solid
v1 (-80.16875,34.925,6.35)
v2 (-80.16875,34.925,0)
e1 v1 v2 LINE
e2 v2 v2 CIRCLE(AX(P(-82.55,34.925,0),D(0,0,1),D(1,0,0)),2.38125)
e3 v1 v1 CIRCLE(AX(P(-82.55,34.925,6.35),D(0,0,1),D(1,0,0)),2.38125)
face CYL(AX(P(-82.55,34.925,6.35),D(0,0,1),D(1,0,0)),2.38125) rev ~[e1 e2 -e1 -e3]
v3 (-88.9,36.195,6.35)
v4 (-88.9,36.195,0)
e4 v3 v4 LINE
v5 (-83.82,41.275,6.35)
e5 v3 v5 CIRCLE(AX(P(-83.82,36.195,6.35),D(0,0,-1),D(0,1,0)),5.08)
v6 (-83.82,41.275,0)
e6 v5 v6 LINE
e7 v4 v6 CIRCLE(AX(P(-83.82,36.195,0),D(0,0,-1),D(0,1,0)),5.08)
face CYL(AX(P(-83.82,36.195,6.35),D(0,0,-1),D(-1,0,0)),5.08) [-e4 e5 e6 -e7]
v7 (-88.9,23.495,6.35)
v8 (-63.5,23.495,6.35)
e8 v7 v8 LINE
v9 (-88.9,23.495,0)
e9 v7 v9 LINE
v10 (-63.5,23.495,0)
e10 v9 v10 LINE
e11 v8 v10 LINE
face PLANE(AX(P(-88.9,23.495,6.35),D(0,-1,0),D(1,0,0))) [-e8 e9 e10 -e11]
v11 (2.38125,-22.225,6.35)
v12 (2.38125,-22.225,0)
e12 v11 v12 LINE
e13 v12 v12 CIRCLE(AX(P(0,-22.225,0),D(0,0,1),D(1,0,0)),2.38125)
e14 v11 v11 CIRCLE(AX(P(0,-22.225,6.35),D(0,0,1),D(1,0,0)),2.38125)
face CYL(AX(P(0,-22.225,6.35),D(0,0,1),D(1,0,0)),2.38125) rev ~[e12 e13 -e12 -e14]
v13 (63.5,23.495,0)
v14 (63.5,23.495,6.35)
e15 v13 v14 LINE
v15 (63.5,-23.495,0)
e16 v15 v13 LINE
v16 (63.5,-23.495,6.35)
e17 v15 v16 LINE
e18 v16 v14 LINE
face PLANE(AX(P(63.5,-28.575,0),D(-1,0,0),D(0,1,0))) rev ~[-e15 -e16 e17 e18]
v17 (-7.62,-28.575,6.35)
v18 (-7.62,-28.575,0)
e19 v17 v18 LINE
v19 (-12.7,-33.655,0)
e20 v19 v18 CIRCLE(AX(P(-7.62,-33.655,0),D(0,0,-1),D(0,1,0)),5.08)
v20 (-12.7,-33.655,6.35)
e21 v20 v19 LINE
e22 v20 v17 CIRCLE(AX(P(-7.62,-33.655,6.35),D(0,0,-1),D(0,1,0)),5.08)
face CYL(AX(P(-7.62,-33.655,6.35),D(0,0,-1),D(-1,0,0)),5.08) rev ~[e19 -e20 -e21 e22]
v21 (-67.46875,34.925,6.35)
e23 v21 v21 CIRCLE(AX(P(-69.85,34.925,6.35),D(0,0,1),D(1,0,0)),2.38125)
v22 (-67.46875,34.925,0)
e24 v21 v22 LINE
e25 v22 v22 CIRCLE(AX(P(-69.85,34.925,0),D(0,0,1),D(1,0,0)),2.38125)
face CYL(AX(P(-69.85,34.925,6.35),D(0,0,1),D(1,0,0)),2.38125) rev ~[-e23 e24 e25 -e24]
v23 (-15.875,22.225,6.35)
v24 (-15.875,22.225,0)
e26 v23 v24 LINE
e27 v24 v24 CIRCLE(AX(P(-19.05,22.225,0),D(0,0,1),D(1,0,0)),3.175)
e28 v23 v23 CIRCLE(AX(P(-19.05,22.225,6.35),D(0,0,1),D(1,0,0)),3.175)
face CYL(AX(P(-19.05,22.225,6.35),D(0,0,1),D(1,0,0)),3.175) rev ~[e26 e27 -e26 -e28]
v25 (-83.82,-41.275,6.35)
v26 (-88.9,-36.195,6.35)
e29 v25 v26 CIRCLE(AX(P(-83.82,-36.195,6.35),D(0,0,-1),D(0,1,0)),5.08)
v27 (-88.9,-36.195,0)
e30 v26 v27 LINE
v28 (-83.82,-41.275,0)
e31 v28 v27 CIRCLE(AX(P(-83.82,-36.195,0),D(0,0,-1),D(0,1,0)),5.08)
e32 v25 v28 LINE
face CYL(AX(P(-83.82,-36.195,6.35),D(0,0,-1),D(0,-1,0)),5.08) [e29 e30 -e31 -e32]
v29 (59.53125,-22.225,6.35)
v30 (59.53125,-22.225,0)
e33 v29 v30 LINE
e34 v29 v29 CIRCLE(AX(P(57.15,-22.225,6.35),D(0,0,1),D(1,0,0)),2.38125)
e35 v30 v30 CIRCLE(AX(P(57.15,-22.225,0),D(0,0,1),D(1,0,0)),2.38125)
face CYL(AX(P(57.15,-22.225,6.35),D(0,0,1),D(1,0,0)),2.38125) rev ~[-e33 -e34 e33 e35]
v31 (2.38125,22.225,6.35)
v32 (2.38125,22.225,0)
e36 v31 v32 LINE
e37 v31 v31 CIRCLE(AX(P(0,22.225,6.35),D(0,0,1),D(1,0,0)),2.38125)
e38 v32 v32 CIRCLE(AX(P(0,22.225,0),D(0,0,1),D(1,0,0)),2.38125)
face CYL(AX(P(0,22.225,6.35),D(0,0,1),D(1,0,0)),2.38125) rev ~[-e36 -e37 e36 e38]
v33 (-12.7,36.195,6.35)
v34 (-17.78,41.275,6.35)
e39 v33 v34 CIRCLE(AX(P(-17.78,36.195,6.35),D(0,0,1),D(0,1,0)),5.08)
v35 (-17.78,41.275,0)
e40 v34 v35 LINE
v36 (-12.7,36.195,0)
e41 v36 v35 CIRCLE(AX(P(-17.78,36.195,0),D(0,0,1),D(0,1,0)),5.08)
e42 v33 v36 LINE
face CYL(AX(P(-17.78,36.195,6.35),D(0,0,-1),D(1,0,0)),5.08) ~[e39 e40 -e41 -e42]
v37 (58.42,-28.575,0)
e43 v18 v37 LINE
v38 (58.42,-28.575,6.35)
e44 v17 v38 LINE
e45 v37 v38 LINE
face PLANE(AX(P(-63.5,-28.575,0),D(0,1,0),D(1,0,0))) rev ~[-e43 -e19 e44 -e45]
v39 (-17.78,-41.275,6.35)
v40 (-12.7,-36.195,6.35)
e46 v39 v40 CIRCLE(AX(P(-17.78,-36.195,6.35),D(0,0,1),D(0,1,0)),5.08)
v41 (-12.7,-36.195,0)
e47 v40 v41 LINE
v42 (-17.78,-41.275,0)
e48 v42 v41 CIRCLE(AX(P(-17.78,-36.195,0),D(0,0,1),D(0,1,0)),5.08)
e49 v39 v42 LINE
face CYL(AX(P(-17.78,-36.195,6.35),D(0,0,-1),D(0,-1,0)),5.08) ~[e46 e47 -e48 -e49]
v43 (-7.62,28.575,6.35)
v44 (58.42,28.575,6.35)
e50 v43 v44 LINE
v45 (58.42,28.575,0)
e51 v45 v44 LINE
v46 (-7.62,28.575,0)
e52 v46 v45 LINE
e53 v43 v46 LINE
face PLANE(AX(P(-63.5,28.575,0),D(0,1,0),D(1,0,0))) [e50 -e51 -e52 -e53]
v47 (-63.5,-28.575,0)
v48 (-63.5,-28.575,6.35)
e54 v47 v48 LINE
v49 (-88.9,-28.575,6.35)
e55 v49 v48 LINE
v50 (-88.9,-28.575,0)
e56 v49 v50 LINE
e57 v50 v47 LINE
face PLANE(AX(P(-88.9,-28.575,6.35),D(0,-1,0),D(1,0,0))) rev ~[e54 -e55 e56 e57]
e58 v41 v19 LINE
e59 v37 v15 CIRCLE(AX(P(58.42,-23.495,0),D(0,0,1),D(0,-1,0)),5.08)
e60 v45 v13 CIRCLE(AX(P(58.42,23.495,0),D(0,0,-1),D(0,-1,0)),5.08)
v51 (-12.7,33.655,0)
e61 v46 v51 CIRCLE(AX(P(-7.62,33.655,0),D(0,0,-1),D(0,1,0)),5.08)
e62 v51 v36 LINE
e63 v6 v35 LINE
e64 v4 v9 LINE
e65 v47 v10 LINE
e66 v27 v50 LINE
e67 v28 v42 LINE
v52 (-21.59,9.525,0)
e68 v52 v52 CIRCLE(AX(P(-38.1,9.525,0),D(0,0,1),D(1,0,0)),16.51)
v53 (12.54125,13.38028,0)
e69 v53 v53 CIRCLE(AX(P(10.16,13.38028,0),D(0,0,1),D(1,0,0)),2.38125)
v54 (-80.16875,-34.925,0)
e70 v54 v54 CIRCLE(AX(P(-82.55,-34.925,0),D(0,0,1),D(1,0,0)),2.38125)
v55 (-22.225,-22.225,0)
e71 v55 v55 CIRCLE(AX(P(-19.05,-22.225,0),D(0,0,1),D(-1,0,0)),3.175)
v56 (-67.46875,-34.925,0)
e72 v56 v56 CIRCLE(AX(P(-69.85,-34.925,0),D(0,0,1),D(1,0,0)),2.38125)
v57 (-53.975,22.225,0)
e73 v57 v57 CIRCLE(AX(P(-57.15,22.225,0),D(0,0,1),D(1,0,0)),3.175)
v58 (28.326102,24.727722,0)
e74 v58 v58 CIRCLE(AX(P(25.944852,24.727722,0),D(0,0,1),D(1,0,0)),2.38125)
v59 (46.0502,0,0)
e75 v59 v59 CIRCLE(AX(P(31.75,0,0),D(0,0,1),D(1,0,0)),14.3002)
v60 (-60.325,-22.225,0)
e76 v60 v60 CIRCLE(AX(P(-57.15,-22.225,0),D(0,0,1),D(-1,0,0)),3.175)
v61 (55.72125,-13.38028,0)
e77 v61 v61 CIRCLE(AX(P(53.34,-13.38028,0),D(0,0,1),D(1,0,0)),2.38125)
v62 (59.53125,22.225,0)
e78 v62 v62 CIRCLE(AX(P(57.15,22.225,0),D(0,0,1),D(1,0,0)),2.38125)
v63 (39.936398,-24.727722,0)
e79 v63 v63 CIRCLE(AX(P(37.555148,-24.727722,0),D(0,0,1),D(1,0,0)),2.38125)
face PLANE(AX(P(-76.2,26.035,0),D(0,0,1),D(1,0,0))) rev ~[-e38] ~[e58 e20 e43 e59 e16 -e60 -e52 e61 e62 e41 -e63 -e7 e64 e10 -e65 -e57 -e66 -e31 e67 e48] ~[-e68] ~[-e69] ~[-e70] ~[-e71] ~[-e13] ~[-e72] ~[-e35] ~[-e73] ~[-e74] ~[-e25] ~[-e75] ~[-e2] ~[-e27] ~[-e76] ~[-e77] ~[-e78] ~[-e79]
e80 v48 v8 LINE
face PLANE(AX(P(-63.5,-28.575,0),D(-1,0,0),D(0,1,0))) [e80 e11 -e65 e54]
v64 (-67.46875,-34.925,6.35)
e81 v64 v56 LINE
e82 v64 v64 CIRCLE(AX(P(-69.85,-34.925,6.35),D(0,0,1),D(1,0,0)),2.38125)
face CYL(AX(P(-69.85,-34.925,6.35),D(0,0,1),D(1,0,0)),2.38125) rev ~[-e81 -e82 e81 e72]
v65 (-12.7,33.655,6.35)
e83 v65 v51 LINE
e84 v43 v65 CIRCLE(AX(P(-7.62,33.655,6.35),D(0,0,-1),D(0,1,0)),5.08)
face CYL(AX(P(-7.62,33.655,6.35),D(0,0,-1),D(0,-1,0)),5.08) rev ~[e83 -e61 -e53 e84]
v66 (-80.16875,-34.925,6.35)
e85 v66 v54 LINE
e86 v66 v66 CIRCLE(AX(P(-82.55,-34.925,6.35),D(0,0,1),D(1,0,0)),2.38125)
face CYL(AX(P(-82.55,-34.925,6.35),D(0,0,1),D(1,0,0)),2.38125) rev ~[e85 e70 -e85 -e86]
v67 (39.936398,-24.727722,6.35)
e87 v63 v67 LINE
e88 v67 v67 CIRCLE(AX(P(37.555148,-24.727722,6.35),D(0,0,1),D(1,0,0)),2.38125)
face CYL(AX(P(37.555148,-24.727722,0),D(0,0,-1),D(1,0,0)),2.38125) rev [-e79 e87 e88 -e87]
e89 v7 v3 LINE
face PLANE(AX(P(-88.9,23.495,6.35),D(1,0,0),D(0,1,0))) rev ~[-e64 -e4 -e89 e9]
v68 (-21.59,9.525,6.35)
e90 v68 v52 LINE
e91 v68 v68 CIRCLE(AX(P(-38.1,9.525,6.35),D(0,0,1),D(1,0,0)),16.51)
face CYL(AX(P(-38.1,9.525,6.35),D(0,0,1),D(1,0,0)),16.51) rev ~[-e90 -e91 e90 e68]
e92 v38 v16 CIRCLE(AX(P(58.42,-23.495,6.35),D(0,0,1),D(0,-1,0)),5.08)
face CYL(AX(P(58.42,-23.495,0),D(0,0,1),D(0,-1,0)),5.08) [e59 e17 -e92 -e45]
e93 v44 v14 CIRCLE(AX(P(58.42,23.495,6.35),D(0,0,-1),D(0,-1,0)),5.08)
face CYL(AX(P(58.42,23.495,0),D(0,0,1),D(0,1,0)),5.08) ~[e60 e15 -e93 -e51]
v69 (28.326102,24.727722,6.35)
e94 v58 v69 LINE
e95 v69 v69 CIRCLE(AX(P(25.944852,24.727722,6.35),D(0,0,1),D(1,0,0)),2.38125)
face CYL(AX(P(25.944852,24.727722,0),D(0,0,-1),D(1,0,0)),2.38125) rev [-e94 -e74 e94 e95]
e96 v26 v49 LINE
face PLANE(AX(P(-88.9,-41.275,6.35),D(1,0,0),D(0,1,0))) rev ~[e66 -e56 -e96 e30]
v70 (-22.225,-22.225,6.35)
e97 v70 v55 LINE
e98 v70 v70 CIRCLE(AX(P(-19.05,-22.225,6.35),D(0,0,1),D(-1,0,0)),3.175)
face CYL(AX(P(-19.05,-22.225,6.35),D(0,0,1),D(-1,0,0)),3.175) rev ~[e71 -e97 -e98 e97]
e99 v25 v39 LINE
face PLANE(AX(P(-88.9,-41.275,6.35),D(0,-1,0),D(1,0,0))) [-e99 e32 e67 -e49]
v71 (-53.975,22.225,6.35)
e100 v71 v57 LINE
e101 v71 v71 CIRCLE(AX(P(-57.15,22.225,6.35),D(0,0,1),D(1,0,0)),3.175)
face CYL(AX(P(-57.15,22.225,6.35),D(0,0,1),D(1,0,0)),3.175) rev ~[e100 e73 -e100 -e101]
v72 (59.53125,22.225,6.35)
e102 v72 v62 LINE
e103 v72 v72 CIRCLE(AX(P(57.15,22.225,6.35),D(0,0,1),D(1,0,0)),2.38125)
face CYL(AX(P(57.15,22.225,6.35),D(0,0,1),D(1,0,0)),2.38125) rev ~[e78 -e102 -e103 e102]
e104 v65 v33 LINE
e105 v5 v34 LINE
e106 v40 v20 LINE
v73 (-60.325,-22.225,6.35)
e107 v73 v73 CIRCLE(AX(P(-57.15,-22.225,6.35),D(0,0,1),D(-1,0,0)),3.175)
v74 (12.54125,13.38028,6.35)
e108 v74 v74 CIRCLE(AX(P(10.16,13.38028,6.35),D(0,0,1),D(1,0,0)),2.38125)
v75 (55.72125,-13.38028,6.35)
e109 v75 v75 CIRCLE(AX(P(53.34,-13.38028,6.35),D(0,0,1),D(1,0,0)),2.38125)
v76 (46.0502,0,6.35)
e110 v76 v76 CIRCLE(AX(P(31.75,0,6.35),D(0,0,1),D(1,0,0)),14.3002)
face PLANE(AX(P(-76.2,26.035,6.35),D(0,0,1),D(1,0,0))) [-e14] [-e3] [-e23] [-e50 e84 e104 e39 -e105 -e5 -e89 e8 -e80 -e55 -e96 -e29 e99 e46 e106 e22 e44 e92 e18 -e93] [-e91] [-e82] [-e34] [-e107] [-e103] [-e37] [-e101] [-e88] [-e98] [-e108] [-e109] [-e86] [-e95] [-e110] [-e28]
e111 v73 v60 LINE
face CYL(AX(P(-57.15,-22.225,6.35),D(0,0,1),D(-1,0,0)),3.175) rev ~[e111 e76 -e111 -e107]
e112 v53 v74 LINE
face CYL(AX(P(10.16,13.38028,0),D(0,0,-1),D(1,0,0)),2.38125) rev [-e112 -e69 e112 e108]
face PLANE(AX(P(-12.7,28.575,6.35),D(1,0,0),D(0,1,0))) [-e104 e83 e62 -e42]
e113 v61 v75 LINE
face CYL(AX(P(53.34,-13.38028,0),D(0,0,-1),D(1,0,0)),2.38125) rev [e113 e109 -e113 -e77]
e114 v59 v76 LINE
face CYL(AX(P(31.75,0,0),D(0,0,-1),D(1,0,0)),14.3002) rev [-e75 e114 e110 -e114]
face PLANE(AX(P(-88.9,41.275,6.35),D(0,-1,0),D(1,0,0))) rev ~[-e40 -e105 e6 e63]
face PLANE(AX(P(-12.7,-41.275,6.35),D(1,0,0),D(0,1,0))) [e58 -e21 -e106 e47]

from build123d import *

# Parameters (mm, degrees)
SKETCH1_W           = 127
SKETCH1_H           = 57.15
SKETCH1_R           = 14.3002
SKETCH1_R_2         = 2.38125
BOSS_EXTRUDE1_DEPTH = 6.35
SKETCH2_R           = 2.38125
CUT_EXTRUDE1_DEPTH  = 70.922121857
FILLET1_R           = 5.08
SKETCH3_R           = 3.175
CUT_EXTRUDE2_DEPTH  = 70.922121857
SKETCH4_R           = 16.51
CUT_EXTRUDE3_DEPTH  = 7.62
SKETCH5_W           = 76.2
SKETCH5_H           = 12.7
BOSS_EXTRUDE2_DEPTH = 6.35
FILLET2_R           = 5.08
SKETCH6_W           = 25.4
SKETCH6_H           = 5.08
BOSS_EXTRUDE3_DEPTH = 6.35
FILLET3_R           = 5.08
SKETCH7_R           = 2.38125
CUT_EXTRUDE4_DEPTH  = 6.35


with BuildPart() as part:
    # Sketch1 → Boss-Extrude1 (new body)
    with BuildSketch(Plane.XY):
        Rectangle(SKETCH1_W, SKETCH1_H)
        with Locations((31.75, 0)):
            Circle(SKETCH1_R, mode=Mode.SUBTRACT)
        with Locations((37.555148495, -24.727722316)):
            Circle(SKETCH1_R_2, mode=Mode.SUBTRACT)
        with Locations((10.16, 13.380280266)):
            Circle(SKETCH1_R_2, mode=Mode.SUBTRACT)
        with Locations((25.944851505, 24.727722316)):
            Circle(SKETCH1_R_2, mode=Mode.SUBTRACT)
        with Locations((53.34, -13.380280266)):
            Circle(SKETCH1_R_2, mode=Mode.SUBTRACT)
    extrude(amount=BOSS_EXTRUDE1_DEPTH)

    # Sketch2 → Cut-Extrude1 (cut, through all)
    with BuildSketch(Plane.XY.offset(6.35)):
        with Locations((57.15, 22.225)):
            Circle(SKETCH2_R)
        with Locations((57.15, -22.225)):
            Circle(SKETCH2_R)
        with Locations((0, 22.225)):
            Circle(SKETCH2_R)
        with Locations((0, -22.225)):
            Circle(SKETCH2_R)
    extrude(amount=-CUT_EXTRUDE1_DEPTH, mode=Mode.SUBTRACT)

    # Fillet1
    fillet1_edges = [part.edges().sort_by_distance(p)[0] for p in [
        (63.5, -28.575, 3.175),
        (63.5, 28.575, 3.175),
    ]]
    fillet(fillet1_edges, radius=FILLET1_R)

    # Sketch3 → Cut-Extrude2 (cut, through all)
    with BuildSketch(Plane.XY.offset(6.35)):
        with Locations((-57.15, 22.225)):
            Circle(SKETCH3_R)
        with Locations((-19.05, 22.225)):
            Circle(SKETCH3_R)
        with Locations(Location((-19.05, -22.225, 0), (0, 0, 180))):
            Circle(SKETCH3_R)
        with Locations(Location((-57.15, -22.225, 0), (0, 0, 180))):
            Circle(SKETCH3_R)
    extrude(amount=-CUT_EXTRUDE2_DEPTH, mode=Mode.SUBTRACT)

    # Sketch4 → Cut-Extrude3 (cut)
    with BuildSketch(Plane.XY.offset(6.35)):
        with Locations((-38.1, 9.525)):
            Circle(SKETCH4_R)
    extrude(amount=-CUT_EXTRUDE3_DEPTH, mode=Mode.SUBTRACT)

    # Sketch5 → Boss-Extrude2 (add)
    with BuildSketch(Plane.XY.offset(6.35)):
        with Locations((-50.8, -34.925)):
            Rectangle(SKETCH5_W, SKETCH5_H)
        with Locations((-50.8, 34.925)):
            Rectangle(SKETCH5_W, SKETCH5_H)
    extrude(amount=-BOSS_EXTRUDE2_DEPTH)

    # Fillet2
    fillet2_edges = [part.edges().sort_by_distance(p)[0] for p in [
        (-12.7, 41.275, 3.175),
        (-12.7, 28.575, 3.175),
        (-12.7, -28.575, 3.175),
        (-12.7, -41.275, 3.175),
    ]]
    fillet(fillet2_edges, radius=FILLET2_R)

    # Sketch6 → Boss-Extrude3 (add)
    with BuildSketch(Plane.XY.offset(6.35)):
        with Locations((-76.2, 26.035)):
            Rectangle(SKETCH6_W, SKETCH6_H)
    extrude(amount=-BOSS_EXTRUDE3_DEPTH)

    # Fillet3
    fillet3_edges = [part.edges().sort_by_distance(p)[0] for p in [
        (-88.9, 41.275, 3.175),
        (-88.9, -41.275, 3.175),
    ]]
    fillet(fillet3_edges, radius=FILLET3_R)

    # Sketch7 → Cut-Extrude4 (cut)
    with BuildSketch(Plane.XY.offset(6.35)):
        with Locations((-82.55, 34.925)):
            Circle(SKETCH7_R)
        with Locations((-82.55, -34.925)):
            Circle(SKETCH7_R)
        with Locations((-69.85, 34.925)):
            Circle(SKETCH7_R)
        with Locations((-69.85, -34.925)):
            Circle(SKETCH7_R)
    extrude(amount=-CUT_EXTRUDE4_DEPTH, mode=Mode.SUBTRACT)


solid = part.part
